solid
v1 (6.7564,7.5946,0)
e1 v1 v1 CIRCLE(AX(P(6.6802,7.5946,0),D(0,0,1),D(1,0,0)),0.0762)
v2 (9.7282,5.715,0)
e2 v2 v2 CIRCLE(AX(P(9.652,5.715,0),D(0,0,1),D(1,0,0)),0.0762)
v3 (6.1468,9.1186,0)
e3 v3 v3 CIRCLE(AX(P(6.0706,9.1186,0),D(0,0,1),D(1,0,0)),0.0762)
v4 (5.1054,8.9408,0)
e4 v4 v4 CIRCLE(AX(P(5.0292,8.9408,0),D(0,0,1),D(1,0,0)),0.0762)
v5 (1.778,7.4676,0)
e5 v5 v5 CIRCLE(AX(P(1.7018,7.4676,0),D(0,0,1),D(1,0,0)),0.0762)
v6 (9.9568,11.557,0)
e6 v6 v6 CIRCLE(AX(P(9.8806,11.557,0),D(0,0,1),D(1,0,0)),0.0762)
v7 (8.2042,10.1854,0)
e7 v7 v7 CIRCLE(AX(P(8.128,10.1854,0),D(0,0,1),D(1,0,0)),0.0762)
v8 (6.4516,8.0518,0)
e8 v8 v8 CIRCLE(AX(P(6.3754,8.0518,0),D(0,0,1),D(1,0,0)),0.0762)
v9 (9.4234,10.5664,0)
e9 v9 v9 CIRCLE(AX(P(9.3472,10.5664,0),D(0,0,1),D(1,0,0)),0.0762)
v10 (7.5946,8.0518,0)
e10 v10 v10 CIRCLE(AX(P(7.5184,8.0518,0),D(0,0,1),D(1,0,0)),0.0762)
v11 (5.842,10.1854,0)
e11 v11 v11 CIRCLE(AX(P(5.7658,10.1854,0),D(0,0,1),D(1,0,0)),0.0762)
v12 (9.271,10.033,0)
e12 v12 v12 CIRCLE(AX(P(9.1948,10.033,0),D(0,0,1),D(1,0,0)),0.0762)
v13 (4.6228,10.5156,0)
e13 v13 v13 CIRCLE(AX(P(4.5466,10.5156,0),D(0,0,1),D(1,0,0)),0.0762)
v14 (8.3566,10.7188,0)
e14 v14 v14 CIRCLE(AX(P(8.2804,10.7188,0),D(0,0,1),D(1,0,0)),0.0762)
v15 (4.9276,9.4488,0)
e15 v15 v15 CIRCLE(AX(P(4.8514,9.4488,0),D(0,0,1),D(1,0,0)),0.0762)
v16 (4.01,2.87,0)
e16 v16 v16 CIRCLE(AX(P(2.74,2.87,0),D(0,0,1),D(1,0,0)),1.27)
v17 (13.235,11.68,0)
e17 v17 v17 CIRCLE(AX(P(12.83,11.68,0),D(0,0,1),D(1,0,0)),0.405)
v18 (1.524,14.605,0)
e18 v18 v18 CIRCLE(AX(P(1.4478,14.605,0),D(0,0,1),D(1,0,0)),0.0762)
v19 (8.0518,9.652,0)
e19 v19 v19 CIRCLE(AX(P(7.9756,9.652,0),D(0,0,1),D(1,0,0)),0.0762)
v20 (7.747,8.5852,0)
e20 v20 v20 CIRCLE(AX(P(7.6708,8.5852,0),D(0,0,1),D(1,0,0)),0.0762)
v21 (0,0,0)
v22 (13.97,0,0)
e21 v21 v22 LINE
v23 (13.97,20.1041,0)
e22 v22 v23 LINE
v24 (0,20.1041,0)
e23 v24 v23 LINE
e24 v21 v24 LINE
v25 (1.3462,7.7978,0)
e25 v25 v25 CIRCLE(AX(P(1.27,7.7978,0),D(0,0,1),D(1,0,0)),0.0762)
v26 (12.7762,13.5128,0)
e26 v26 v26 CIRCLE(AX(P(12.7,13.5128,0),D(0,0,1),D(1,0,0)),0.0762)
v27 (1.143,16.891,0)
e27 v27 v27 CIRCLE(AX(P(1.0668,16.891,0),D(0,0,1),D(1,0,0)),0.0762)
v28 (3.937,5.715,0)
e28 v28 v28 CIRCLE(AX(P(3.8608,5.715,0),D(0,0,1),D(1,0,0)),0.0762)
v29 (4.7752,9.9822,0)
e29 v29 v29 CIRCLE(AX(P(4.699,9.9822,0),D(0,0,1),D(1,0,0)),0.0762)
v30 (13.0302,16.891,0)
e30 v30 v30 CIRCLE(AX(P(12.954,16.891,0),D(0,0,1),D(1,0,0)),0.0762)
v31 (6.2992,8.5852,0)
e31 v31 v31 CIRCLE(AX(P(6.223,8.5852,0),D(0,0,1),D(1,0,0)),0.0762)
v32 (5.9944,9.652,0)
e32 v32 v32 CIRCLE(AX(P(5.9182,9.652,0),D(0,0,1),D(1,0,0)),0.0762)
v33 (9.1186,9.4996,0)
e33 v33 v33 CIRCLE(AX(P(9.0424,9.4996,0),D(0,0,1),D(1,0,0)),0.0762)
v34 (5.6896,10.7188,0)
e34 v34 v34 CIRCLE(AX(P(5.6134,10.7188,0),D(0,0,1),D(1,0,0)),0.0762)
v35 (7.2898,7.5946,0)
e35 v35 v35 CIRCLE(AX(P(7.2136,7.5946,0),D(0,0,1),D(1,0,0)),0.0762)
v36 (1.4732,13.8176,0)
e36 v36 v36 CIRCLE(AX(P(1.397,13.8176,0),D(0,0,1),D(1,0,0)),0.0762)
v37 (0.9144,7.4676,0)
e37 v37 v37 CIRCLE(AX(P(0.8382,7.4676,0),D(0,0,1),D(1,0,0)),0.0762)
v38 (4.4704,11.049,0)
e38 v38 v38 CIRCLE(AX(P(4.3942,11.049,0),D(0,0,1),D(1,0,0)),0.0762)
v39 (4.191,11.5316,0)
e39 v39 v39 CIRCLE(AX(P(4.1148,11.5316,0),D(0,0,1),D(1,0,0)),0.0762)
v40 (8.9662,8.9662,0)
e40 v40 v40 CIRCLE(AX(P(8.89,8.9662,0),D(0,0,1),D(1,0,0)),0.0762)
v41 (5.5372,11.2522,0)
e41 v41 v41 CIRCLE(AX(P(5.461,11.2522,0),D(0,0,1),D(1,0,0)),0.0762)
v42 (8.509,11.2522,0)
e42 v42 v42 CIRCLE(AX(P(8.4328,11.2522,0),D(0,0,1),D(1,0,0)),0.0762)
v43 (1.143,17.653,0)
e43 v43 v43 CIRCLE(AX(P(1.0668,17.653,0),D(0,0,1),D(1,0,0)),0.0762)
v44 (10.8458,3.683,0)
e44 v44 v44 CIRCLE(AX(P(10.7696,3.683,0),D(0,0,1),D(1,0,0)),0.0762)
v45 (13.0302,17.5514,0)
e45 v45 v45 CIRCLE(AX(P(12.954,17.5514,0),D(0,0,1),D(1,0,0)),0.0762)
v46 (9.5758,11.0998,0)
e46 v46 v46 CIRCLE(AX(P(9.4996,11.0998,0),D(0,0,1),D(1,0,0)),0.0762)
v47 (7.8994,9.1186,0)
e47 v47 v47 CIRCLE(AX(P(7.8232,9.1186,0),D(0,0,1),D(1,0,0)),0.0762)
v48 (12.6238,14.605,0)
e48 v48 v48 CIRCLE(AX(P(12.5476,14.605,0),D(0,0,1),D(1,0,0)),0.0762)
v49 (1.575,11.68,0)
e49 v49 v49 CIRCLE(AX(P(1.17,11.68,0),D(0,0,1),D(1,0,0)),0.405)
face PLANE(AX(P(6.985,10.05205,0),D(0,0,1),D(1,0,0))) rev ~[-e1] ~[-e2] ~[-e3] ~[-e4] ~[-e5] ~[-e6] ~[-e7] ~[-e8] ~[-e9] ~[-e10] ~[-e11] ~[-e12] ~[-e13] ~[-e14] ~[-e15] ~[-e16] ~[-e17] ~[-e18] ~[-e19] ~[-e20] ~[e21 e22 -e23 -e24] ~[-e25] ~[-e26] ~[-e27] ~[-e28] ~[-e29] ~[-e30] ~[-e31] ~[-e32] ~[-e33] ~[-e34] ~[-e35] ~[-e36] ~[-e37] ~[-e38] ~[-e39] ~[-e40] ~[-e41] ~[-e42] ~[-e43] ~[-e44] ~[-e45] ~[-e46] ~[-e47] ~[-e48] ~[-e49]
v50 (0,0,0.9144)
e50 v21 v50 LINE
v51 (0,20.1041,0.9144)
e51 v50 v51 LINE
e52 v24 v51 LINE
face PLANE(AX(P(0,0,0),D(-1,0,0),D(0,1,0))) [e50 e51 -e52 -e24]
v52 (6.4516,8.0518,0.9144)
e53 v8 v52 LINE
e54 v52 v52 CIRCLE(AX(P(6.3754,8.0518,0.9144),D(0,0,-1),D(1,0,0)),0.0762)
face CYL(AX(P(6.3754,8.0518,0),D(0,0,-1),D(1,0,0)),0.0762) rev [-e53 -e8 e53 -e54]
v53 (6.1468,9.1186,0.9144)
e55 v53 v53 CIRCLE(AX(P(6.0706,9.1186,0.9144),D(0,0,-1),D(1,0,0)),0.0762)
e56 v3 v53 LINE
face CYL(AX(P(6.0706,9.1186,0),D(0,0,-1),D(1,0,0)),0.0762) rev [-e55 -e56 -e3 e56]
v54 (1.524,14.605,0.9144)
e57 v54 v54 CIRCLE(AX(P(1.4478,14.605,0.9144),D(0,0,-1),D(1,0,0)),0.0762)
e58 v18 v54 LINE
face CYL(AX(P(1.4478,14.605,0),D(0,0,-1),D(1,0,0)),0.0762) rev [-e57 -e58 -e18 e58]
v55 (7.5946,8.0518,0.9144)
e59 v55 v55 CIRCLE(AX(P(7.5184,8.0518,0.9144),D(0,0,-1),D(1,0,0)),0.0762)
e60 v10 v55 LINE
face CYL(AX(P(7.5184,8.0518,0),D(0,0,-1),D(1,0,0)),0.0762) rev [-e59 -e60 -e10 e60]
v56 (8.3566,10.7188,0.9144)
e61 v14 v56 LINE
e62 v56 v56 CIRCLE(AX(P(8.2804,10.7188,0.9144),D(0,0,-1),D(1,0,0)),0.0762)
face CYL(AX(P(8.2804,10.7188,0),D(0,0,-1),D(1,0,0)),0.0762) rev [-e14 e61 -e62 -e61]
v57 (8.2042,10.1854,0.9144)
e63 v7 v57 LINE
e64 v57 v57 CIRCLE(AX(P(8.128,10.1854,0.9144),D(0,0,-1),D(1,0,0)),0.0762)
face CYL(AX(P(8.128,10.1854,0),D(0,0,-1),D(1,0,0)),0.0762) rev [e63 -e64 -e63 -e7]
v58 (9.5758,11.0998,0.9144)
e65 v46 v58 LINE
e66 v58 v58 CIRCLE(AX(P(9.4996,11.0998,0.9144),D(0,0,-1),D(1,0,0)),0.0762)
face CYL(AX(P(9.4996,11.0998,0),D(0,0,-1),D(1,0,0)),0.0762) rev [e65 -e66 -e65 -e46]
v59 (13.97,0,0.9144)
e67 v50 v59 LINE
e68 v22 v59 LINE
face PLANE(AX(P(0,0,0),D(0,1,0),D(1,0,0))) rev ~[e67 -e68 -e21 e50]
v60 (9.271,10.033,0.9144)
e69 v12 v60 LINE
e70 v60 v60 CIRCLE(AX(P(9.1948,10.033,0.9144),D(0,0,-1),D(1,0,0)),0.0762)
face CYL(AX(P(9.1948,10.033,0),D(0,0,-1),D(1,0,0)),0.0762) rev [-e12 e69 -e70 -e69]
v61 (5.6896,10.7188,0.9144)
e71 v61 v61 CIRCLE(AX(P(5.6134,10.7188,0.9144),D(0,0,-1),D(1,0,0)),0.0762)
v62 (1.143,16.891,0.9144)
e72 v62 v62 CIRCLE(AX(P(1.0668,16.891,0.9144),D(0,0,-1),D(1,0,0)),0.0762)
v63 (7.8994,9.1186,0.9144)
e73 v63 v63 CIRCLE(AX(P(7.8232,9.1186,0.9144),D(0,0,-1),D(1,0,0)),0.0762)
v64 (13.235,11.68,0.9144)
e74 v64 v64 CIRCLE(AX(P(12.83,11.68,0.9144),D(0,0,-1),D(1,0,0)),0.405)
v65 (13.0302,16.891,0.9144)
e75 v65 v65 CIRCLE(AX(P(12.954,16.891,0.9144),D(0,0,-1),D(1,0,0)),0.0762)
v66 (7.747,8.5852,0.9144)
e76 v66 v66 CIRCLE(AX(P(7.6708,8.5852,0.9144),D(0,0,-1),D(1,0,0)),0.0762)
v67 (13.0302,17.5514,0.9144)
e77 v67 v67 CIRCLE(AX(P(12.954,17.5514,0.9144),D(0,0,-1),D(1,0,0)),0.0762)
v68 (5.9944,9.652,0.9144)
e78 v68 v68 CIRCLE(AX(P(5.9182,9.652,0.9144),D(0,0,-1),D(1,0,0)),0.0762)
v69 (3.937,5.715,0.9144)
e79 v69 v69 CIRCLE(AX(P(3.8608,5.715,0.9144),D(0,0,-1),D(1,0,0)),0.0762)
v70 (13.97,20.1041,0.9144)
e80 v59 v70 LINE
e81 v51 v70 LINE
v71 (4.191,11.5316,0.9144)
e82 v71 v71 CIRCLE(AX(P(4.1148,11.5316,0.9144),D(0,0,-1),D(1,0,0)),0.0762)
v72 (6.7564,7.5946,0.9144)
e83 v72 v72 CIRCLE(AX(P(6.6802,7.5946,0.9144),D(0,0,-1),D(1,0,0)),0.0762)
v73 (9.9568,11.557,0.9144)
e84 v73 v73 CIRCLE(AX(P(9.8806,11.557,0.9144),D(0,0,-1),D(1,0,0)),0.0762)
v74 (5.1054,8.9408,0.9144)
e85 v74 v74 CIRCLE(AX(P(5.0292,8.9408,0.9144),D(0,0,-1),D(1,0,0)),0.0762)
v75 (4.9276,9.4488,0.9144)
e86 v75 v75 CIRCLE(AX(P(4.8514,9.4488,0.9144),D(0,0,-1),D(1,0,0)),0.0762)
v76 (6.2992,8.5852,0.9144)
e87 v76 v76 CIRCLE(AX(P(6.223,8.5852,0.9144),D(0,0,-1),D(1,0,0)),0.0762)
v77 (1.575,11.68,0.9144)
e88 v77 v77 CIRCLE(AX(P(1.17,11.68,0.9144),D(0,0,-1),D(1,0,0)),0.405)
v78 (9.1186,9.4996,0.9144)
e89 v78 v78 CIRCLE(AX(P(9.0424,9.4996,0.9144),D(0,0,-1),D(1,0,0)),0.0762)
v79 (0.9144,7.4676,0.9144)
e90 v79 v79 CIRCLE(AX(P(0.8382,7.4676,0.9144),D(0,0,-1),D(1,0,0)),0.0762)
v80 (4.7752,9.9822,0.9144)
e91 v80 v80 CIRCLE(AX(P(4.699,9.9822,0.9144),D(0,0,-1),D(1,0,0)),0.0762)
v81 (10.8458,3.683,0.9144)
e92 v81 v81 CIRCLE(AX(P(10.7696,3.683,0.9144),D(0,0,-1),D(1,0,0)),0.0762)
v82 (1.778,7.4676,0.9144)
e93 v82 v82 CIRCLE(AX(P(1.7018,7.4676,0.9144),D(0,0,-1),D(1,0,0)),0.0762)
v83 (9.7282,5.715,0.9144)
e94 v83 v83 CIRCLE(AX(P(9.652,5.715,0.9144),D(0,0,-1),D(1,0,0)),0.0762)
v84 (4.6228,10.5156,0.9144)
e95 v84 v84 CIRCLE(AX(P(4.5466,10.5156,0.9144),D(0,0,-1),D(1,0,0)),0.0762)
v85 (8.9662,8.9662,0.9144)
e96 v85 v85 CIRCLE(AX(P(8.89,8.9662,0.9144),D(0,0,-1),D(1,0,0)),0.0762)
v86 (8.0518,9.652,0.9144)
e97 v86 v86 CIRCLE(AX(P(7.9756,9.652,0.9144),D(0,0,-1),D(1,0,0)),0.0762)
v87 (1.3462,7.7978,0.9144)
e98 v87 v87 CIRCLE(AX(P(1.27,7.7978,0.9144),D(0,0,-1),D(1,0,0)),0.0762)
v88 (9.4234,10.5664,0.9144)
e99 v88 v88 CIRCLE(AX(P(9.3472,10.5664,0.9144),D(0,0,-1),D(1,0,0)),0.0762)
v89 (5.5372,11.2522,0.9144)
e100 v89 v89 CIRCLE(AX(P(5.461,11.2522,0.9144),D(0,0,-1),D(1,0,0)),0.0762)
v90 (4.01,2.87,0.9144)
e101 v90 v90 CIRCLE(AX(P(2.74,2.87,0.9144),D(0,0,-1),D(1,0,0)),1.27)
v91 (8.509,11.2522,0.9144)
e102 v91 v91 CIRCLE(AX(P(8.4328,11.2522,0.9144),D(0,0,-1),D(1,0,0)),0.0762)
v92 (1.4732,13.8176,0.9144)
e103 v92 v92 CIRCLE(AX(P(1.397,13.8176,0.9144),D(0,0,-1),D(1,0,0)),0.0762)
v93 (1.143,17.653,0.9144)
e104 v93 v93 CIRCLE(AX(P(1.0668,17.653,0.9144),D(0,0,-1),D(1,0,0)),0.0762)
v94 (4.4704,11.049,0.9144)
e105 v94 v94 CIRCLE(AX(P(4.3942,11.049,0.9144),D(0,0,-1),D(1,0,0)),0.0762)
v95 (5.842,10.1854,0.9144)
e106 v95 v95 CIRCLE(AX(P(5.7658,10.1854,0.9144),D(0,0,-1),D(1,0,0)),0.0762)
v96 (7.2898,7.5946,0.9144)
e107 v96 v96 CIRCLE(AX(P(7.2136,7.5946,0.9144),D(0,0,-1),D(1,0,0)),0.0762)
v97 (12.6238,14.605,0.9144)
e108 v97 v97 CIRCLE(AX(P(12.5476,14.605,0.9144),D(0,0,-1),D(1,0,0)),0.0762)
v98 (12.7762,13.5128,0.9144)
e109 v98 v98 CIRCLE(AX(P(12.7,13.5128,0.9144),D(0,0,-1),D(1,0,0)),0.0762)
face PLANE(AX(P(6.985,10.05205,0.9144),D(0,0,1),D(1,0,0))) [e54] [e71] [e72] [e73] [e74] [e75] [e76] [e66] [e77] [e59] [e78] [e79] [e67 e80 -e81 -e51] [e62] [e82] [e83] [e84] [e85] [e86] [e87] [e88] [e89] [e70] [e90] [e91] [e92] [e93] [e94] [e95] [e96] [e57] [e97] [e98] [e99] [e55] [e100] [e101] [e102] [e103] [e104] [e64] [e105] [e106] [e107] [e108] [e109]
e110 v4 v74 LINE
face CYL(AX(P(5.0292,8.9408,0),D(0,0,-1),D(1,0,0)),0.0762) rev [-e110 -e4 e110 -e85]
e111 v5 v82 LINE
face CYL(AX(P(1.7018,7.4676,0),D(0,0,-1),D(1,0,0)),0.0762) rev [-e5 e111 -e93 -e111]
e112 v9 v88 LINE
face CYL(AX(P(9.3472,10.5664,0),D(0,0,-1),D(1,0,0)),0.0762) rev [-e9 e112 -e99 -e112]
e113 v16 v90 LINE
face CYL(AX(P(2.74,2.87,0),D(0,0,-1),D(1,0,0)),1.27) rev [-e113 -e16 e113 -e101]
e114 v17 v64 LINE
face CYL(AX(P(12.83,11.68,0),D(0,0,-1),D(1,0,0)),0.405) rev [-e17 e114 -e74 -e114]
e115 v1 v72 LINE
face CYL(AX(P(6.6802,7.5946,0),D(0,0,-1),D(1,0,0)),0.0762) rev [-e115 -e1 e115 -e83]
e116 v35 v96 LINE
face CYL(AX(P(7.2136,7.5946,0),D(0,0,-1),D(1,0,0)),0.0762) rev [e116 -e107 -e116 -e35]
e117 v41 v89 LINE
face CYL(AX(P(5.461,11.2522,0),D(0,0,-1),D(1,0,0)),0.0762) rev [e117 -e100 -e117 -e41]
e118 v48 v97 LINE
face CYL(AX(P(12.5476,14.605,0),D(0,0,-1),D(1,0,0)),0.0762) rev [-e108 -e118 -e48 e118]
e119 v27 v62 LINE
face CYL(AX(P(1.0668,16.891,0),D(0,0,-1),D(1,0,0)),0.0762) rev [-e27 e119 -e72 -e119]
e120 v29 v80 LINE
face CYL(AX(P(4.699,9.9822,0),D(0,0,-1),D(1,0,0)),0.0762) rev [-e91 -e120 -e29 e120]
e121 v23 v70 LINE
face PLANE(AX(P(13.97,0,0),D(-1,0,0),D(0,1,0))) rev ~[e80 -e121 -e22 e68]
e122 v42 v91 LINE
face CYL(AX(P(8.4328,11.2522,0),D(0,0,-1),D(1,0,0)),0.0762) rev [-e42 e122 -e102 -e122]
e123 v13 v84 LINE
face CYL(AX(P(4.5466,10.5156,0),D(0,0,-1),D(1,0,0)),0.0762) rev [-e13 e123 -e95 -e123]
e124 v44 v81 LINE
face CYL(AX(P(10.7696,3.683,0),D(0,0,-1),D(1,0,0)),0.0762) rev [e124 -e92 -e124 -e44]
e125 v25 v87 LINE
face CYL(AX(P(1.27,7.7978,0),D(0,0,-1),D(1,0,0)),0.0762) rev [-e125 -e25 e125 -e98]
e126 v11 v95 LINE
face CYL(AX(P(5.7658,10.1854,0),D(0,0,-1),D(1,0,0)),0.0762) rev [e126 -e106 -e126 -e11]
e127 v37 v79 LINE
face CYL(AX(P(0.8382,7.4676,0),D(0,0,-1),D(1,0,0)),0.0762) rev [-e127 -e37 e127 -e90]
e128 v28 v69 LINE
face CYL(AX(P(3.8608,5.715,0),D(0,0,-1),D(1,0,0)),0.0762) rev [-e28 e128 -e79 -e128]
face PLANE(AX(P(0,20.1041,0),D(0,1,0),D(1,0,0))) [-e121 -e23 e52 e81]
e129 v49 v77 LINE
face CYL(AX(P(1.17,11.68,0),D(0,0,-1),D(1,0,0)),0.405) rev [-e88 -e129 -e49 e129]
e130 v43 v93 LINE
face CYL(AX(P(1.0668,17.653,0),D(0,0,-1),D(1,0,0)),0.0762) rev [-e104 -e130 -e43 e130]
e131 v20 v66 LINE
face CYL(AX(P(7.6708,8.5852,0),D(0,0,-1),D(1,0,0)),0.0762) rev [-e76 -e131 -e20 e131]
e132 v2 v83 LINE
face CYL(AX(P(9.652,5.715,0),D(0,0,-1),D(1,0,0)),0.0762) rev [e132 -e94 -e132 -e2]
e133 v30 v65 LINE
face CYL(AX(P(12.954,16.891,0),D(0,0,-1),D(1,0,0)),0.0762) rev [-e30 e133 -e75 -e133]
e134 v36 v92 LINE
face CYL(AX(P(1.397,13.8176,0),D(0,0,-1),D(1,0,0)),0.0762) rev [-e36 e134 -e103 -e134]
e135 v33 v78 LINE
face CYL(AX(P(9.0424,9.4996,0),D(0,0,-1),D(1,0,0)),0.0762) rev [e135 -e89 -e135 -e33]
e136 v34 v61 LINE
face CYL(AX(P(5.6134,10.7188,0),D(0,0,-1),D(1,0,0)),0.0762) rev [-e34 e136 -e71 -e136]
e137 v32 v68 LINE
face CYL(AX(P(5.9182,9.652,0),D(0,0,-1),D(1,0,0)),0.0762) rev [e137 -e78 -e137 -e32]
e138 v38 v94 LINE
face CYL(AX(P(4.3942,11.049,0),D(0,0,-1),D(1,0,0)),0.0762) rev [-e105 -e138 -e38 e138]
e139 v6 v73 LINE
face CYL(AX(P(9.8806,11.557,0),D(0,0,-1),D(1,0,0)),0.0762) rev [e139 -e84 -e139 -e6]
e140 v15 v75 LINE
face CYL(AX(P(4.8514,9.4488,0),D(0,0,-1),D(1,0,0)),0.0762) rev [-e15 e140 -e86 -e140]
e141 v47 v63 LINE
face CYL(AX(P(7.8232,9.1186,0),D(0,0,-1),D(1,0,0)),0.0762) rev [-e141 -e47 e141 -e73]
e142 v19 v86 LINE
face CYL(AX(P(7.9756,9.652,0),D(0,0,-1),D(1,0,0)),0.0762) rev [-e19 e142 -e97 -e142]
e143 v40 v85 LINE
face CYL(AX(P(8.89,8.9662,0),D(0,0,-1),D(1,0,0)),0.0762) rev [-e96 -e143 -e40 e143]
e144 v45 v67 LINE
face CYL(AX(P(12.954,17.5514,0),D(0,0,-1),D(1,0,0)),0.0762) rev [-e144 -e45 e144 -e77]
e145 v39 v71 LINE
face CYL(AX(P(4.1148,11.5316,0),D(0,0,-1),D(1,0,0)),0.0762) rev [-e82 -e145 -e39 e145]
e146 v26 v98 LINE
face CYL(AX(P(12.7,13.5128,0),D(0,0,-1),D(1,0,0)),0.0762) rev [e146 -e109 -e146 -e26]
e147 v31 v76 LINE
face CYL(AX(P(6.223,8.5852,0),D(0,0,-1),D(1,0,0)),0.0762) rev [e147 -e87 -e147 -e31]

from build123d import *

# Parameters (mm, degrees)
SKETCH1_W           = 13.97
SKETCH1_H           = 20.1041
BOARD_OUTLINE_DEPTH = 0.9144
SKETCH2_R           = 0.0762
NPTH_DEPTH          = 1.9144
SKETCH3_R           = 0.405
SKETCH3_R_2         = 1.27
PTH_DEPTH           = 1.9144


with BuildPart() as part:
    # Sketch1 → Board_Outline (new body)
    with BuildSketch(Plane.XY):
        with Locations((6.985, 10.05205)):
            Rectangle(SKETCH1_W, SKETCH1_H)
    extrude(amount=BOARD_OUTLINE_DEPTH)

    # Sketch2 → NPTH (cut, through all)
    with BuildSketch(Plane.XY):
        with Locations((10.7696, 3.683)):
            Circle(SKETCH2_R)
        with Locations((12.954, 16.891)):
            Circle(SKETCH2_R)
        with Locations((1.0668, 17.653)):
            Circle(SKETCH2_R)
        with Locations((1.4478, 14.605)):
            Circle(SKETCH2_R)
        with Locations((1.397, 13.8176)):
            Circle(SKETCH2_R)
        with Locations((4.1148, 11.5316)):
            Circle(SKETCH2_R)
        with Locations((4.3942, 11.049)):
            Circle(SKETCH2_R)
        with Locations((4.5466, 10.5156)):
            Circle(SKETCH2_R)
        with Locations((4.699, 9.9822)):
            Circle(SKETCH2_R)
        with Locations((4.8514, 9.4488)):
            Circle(SKETCH2_R)
        with Locations((5.0292, 8.9408)):
            Circle(SKETCH2_R)
        with Locations((5.461, 11.2522)):
            Circle(SKETCH2_R)
        with Locations((5.6134, 10.7188)):
            Circle(SKETCH2_R)
        with Locations((5.7658, 10.1854)):
            Circle(SKETCH2_R)
        with Locations((5.9182, 9.652)):
            Circle(SKETCH2_R)
        with Locations((6.0706, 9.1186)):
            Circle(SKETCH2_R)
        with Locations((6.223, 8.5852)):
            Circle(SKETCH2_R)
        with Locations((6.3754, 8.0518)):
            Circle(SKETCH2_R)
        with Locations((6.6802, 7.5946)):
            Circle(SKETCH2_R)
        with Locations((12.5476, 14.605)):
            Circle(SKETCH2_R)
        with Locations((12.7, 13.5128)):
            Circle(SKETCH2_R)
        with Locations((9.8806, 11.557)):
            Circle(SKETCH2_R)
        with Locations((9.4996, 11.0998)):
            Circle(SKETCH2_R)
        with Locations((9.3472, 10.5664)):
            Circle(SKETCH2_R)
        with Locations((9.1948, 10.033)):
            Circle(SKETCH2_R)
        with Locations((9.0424, 9.4996)):
            Circle(SKETCH2_R)
        with Locations((8.89, 8.9662)):
            Circle(SKETCH2_R)
        with Locations((8.4328, 11.2522)):
            Circle(SKETCH2_R)
        with Locations((8.2804, 10.7188)):
            Circle(SKETCH2_R)
        with Locations((8.128, 10.1854)):
            Circle(SKETCH2_R)
        with Locations((7.9756, 9.652)):
            Circle(SKETCH2_R)
        with Locations((7.8232, 9.1186)):
            Circle(SKETCH2_R)
        with Locations((7.6708, 8.5852)):
            Circle(SKETCH2_R)
        with Locations((7.5184, 8.0518)):
            Circle(SKETCH2_R)
        with Locations((7.2136, 7.5946)):
            Circle(SKETCH2_R)
        with Locations((1.7018, 7.4676)):
            Circle(SKETCH2_R)
        with Locations((1.27, 7.7978)):
            Circle(SKETCH2_R)
        with Locations((0.8382, 7.4676)):
            Circle(SKETCH2_R)
        with Locations((12.954, 17.5514)):
            Circle(SKETCH2_R)
        with Locations((1.0668, 16.891)):
            Circle(SKETCH2_R)
        with Locations((9.652, 5.715)):
            Circle(SKETCH2_R)
        with Locations((3.8608, 5.715)):
            Circle(SKETCH2_R)
    extrude(amount=NPTH_DEPTH, mode=Mode.SUBTRACT)

    # Sketch3 → PTH (cut, through all)
    with BuildSketch(Plane.XY):
        with Locations((12.83, 11.68)):
            Circle(SKETCH3_R)
        with Locations((2.74, 2.87)):
            Circle(SKETCH3_R_2)
        with Locations((1.17, 11.68)):
            Circle(SKETCH3_R)
    extrude(amount=PTH_DEPTH, mode=Mode.SUBTRACT)


solid = part.part
